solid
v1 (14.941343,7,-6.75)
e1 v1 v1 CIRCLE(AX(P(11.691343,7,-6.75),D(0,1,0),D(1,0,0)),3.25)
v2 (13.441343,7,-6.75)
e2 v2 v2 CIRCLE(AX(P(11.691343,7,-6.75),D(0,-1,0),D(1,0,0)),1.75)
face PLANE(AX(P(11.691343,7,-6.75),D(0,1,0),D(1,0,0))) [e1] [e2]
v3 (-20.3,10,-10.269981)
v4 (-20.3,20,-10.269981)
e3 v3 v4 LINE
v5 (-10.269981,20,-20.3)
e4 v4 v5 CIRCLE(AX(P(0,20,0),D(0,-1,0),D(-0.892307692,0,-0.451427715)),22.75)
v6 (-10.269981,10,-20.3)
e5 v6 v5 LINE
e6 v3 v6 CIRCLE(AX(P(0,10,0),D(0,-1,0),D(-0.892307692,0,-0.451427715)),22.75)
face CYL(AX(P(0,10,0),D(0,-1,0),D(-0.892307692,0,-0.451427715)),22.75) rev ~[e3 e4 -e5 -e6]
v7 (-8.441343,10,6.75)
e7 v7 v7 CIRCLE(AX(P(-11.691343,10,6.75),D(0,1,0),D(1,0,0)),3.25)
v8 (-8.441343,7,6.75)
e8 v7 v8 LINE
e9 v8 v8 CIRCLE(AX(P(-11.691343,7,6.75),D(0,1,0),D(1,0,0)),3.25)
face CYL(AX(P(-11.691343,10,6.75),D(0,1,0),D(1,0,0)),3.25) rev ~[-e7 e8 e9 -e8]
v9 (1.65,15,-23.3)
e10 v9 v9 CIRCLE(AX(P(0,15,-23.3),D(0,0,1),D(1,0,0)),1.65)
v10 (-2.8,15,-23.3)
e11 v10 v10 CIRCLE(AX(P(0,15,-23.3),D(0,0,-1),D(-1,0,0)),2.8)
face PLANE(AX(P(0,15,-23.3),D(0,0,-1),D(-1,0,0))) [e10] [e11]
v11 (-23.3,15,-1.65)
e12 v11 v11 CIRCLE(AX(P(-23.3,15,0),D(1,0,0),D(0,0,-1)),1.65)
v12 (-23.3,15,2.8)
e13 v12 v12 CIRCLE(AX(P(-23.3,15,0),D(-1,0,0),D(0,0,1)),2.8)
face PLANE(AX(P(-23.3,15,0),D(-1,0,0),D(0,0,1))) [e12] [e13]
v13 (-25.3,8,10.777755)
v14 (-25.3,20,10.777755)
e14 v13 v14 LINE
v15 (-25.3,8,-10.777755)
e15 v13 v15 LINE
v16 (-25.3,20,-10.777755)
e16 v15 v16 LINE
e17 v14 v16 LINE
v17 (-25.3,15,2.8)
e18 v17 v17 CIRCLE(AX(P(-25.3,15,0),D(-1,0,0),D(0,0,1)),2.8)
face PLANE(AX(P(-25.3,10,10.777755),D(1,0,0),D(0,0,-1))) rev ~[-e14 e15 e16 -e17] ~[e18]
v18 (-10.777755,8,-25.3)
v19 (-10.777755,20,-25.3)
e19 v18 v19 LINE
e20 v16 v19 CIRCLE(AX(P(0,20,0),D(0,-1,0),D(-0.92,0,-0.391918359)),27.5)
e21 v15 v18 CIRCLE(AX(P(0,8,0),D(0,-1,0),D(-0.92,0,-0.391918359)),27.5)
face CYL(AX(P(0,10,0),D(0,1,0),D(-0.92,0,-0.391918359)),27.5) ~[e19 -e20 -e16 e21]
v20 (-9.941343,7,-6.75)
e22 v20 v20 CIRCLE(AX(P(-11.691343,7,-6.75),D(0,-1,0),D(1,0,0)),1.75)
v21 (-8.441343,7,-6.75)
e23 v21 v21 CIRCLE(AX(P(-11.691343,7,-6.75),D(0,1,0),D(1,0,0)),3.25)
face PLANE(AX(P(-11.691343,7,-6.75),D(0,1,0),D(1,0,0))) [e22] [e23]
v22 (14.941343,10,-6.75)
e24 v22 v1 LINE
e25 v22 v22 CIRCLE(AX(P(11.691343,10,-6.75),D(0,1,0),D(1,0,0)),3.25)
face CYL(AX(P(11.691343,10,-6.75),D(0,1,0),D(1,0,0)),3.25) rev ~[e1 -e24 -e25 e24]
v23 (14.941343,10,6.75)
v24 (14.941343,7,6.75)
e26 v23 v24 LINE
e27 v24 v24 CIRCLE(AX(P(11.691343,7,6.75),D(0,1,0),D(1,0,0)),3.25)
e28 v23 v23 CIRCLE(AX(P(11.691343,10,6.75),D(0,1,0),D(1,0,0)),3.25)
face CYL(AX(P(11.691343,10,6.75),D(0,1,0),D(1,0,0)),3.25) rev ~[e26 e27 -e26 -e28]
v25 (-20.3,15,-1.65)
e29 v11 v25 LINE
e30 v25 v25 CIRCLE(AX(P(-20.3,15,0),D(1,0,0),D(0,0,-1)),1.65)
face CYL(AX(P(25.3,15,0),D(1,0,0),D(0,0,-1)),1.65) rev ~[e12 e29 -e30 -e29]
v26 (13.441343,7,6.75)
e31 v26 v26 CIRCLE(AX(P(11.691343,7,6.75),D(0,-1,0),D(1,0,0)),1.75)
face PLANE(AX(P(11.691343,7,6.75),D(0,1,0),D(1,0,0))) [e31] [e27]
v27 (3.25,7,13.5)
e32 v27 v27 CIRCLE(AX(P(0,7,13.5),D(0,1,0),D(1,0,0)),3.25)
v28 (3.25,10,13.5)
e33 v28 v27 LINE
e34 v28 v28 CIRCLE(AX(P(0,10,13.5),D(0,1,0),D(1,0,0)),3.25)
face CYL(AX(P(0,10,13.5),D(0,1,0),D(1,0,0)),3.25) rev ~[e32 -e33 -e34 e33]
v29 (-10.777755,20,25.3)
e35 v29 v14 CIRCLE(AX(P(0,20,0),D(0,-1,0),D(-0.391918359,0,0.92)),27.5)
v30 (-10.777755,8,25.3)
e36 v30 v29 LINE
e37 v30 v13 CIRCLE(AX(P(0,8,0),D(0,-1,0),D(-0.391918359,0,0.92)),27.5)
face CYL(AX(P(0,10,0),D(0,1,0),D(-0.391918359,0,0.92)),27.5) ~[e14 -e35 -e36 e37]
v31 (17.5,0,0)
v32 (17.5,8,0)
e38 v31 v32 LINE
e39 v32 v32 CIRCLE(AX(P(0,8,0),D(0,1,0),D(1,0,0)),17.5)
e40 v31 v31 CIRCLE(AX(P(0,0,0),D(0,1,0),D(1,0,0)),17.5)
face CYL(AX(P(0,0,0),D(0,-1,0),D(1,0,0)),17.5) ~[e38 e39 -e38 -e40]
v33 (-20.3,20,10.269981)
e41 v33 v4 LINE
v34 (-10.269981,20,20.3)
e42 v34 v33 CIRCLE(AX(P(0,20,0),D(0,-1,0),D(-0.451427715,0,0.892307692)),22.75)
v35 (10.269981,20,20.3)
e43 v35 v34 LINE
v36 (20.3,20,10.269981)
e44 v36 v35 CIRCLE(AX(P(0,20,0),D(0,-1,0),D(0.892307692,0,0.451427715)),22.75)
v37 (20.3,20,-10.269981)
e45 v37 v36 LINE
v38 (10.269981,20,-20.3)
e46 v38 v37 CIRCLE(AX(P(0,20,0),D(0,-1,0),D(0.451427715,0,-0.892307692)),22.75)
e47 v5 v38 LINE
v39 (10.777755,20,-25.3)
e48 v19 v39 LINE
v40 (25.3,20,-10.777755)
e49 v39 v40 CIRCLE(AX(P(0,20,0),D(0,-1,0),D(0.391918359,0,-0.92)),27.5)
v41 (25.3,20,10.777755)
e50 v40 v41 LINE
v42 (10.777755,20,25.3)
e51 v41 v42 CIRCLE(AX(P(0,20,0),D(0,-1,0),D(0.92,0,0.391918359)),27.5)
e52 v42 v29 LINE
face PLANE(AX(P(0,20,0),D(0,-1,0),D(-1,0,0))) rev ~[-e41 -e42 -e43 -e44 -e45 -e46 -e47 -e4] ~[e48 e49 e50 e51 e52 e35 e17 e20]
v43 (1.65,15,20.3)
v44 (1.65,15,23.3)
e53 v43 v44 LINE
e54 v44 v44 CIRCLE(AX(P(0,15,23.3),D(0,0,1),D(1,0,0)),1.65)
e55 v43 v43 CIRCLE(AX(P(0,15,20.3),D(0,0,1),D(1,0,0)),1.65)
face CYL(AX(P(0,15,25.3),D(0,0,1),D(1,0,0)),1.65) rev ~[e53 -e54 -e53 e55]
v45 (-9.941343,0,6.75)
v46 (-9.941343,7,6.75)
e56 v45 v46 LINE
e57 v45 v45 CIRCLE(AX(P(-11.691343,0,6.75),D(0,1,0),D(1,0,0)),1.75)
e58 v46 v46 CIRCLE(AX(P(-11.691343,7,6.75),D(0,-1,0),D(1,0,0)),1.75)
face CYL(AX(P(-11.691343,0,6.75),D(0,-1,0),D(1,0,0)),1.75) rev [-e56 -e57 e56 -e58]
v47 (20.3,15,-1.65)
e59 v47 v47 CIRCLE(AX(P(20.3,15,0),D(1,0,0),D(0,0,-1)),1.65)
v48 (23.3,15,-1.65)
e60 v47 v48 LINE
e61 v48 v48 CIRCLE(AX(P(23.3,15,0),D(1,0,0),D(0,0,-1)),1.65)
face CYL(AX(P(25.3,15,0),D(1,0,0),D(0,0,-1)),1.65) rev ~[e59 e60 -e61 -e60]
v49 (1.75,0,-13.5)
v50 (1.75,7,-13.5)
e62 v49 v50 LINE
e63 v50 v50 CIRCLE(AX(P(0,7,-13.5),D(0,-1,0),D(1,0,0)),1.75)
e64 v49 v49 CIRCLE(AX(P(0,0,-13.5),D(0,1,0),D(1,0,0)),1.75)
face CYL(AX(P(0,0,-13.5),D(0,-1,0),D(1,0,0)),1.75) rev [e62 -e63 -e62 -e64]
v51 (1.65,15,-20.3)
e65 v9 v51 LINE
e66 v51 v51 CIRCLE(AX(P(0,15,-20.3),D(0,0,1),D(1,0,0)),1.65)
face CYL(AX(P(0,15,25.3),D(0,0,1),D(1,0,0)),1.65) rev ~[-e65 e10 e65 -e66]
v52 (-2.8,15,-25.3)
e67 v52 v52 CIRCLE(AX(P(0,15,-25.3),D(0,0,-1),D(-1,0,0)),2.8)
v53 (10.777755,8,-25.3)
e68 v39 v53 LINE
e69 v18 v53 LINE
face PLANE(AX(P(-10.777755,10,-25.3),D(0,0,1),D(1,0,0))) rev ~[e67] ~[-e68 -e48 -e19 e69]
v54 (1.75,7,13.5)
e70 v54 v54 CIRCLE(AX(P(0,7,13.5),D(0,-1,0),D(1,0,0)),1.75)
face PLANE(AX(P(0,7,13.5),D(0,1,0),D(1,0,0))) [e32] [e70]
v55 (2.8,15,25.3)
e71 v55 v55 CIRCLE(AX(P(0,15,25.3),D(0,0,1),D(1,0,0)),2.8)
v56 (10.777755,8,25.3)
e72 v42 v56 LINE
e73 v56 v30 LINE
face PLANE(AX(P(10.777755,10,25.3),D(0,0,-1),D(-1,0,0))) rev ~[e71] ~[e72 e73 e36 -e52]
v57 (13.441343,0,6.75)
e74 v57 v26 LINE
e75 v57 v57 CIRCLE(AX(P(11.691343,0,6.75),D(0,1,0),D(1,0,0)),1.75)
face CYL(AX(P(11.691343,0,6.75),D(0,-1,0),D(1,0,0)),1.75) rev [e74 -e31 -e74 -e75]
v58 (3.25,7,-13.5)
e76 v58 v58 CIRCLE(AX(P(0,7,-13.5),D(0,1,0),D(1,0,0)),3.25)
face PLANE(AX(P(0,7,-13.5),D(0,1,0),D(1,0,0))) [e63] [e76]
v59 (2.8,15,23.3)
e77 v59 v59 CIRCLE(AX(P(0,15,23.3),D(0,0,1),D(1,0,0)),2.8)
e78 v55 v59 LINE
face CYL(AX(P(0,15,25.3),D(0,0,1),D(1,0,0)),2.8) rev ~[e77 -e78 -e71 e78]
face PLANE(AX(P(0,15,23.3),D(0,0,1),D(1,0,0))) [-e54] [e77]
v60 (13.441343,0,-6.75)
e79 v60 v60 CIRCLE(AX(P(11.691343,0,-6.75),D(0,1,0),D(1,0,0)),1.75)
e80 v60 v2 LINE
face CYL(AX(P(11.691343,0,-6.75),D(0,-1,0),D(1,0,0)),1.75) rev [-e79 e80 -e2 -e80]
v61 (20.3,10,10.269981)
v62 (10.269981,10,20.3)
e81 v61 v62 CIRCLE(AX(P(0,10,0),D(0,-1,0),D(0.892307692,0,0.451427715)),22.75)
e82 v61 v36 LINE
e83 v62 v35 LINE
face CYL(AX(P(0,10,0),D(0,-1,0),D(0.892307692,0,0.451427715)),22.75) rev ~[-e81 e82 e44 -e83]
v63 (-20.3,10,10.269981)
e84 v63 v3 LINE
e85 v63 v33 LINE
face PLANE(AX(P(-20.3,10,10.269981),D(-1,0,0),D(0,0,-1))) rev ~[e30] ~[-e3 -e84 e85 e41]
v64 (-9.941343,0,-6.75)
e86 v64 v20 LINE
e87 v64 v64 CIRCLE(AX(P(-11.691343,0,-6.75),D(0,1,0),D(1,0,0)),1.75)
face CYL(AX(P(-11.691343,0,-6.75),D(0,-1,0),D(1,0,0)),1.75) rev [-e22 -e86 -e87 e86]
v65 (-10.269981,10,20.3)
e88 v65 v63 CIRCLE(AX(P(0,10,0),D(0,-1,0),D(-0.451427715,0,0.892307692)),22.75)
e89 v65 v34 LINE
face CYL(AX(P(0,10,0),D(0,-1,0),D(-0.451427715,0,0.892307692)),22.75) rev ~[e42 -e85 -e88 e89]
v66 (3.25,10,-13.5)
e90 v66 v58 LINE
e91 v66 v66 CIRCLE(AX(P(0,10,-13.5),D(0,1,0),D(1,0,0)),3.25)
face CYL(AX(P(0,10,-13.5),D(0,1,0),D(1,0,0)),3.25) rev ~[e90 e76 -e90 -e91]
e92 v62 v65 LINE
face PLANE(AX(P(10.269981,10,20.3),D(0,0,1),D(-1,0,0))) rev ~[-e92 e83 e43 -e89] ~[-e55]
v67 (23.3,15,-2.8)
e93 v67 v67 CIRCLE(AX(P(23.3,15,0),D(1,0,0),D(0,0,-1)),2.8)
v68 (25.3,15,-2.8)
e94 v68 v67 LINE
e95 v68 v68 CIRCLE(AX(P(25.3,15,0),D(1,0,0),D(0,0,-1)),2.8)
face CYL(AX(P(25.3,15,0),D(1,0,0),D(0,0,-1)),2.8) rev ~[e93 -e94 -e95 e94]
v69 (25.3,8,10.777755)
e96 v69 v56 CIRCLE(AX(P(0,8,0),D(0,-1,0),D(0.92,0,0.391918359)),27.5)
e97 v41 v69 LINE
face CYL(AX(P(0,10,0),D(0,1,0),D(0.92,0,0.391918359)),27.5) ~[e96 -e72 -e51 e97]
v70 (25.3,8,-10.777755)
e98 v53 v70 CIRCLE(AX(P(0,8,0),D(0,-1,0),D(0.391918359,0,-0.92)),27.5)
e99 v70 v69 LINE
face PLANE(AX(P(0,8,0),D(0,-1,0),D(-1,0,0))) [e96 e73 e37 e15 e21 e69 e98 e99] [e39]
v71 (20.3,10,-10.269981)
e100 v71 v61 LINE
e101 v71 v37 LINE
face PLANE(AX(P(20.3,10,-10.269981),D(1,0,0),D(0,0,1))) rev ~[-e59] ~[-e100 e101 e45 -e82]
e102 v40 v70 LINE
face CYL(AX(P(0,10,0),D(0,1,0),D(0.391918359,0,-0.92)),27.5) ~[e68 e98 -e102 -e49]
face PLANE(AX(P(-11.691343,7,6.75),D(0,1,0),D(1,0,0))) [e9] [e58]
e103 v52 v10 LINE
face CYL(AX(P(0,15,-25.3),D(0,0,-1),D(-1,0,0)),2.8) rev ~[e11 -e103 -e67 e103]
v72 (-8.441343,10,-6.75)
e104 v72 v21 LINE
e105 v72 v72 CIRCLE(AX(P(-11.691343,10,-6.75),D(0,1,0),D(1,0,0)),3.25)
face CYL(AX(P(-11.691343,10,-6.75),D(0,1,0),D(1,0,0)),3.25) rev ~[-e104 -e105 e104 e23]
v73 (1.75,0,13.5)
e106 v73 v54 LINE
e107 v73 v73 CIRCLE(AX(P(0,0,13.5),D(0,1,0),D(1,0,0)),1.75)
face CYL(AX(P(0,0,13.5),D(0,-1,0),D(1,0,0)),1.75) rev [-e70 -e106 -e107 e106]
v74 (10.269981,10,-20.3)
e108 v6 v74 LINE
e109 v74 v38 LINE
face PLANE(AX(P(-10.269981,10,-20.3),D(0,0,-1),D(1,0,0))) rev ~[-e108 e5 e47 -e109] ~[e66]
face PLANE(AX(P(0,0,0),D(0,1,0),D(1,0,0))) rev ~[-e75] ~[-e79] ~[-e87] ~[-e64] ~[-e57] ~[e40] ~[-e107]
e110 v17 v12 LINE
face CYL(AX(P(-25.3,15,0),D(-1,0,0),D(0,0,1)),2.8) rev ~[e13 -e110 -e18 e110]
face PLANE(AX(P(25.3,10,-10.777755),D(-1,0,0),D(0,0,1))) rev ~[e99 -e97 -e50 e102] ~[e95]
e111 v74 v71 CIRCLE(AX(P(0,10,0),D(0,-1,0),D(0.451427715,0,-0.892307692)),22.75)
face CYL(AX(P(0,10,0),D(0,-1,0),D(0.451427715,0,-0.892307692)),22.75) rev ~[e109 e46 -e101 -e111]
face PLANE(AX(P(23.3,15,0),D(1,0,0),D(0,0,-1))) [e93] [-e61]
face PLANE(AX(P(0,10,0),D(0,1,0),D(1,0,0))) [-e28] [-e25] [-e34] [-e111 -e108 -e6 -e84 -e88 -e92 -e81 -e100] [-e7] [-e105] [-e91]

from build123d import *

# Parameters (mm, degrees)
SKETCH_1_R           = 17.5
SKETCH_1_R_2         = 1.75
EXTRUDE_1_DEPTH      = 10
SKETCH_2_R           = 25
SKETCH_2_R_2         = 17.5
EXTRUDE_2_DEPTH      = 2
SKETCH_3_R           = 3.25
CUT_EXTRUDE_1_DEPTH  = 3
EXTRUDE_3_DEPTH      = 10
EXTRUDE_3_DEPTH_BACK = 2
SKETCH_6_R           = 1.65
CUT_EXTRUDE_2_DEPTH  = 54.5
SKETCH_7_R           = 1.65
CUT_EXTRUDE_3_DEPTH  = 54.5
SKETCH_8_R           = 2.8
CUT_EXTRUDE_4_DEPTH  = 2
SKETCH_9_R           = 2.8
CUT_EXTRUDE_5_DEPTH  = 2
SKETCH_10_R          = 2.8
CUT_EXTRUDE_6_DEPTH  = 2
SKETCH_11_R          = 2.8
CUT_EXTRUDE_7_DEPTH  = 2


with BuildPart() as part:
    # 草图1 → 凸台-拉伸1 (new body)
    with BuildSketch(Plane(origin=(0, 0, 0), x_dir=(1, 0, 0), z_dir=(0, 1, 0))):
        Circle(SKETCH_1_R)
        with Locations((0, 13.5)):
            Circle(SKETCH_1_R_2, mode=Mode.SUBTRACT)
        with Locations((11.691342951, 6.75)):
            Circle(SKETCH_1_R_2, mode=Mode.SUBTRACT)
        with Locations((11.691342951, -6.75)):
            Circle(SKETCH_1_R_2, mode=Mode.SUBTRACT)
        with Locations((0, -13.5)):
            Circle(SKETCH_1_R_2, mode=Mode.SUBTRACT)
        with Locations((-11.691342951, -6.75)):
            Circle(SKETCH_1_R_2, mode=Mode.SUBTRACT)
        with Locations((-11.691342951, 6.75)):
            Circle(SKETCH_1_R_2, mode=Mode.SUBTRACT)
    extrude(amount=EXTRUDE_1_DEPTH)

    # 草图2 → 凸台-拉伸2 (add)
    with BuildSketch(Plane(origin=(0, 10, 0), x_dir=(1, 0, 0), z_dir=(0, 1, 0))):
        Circle(SKETCH_2_R)
        Circle(SKETCH_2_R_2, mode=Mode.SUBTRACT)
    extrude(amount=-EXTRUDE_2_DEPTH)

    # 草图3 → 切除-拉伸1 (cut)
    with BuildSketch(Plane(origin=(0, 10, 0), x_dir=(1, 0, 0), z_dir=(0, 1, 0))):
        with Locations((0, 13.5)):
            Circle(SKETCH_3_R)
        with Locations((11.691342951, 6.75)):
            Circle(SKETCH_3_R)
        with Locations((11.691342951, -6.75)):
            Circle(SKETCH_3_R)
        with Locations((0, -13.5)):
            Circle(SKETCH_3_R)
        with Locations((-11.691342951, -6.75)):
            Circle(SKETCH_3_R)
        with Locations((-11.691342951, 6.75)):
            Circle(SKETCH_3_R)
    extrude(amount=-CUT_EXTRUDE_1_DEPTH, mode=Mode.SUBTRACT)

    # 草图4 → 凸台-拉伸3 (add, two sides)
    with BuildSketch(Plane(origin=(0, 10, 0), x_dir=(1, 0, 0), z_dir=(0, 1, 0))) as extrude_3_sk:
        with BuildLine():
            Line((-10.777754868, 25.3), (10.777754868, 25.3))
            ThreePointArc((10.777754868, 25.3), (19.445436483, 19.445436483), (25.3, 10.777754868))
            Line((25.3, 10.777754868), (25.3, -10.777754868))
            ThreePointArc((25.3, -10.777754868), (19.445436483, -19.445436483), (10.777754868, -25.3))
            Line((10.777754868, -25.3), (-10.777754868, -25.3))
            ThreePointArc((-10.777754868, -25.3), (-19.445436483, -19.445436483), (-25.3, -10.777754868))
            Line((-25.3, -10.777754868), (-25.3, 10.777754868))
            ThreePointArc((-25.3, 10.777754868), (-19.445436483, 19.445436483), (-10.777754868, 25.3))
        make_face()
        with BuildLine():
            Line((-10.269980526, 20.3), (10.269980526, 20.3))
            ThreePointArc((10.269980526, 20.3), (16.086679272, 16.086679272), (20.3, 10.269980526))
            Line((20.3, 10.269980526), (20.3, -10.269980526))
            ThreePointArc((20.3, -10.269980526), (16.086679272, -16.086679272), (10.269980526, -20.3))
            Line((10.269980526, -20.3), (-10.269980526, -20.3))
            ThreePointArc((-10.269980526, -20.3), (-16.086679272, -16.086679272), (-20.3, -10.269980526))
            Line((-20.3, -10.269980526), (-20.3, 10.269980526))
            ThreePointArc((-20.3, 10.269980526), (-16.086679272, 16.086679272), (-10.269980526, 20.3))
        make_face(mode=Mode.SUBTRACT)
    extrude(amount=EXTRUDE_3_DEPTH)
    extrude(extrude_3_sk.sketch, amount=-EXTRUDE_3_DEPTH_BACK)

    # 草图6 → 切除-拉伸2 (cut, symmetric)
    with BuildSketch(Plane.XY.offset(25.3)):
        with Locations((0, 15)):
            Circle(SKETCH_6_R)
    extrude(amount=CUT_EXTRUDE_2_DEPTH, both=True, mode=Mode.SUBTRACT)

    # 草图7 → 切除-拉伸3 (cut, symmetric)
    with BuildSketch(Plane(origin=(25.3, 0, 0), x_dir=(0, 0, -1), z_dir=(1, 0, 0))):
        with Locations((0, 15)):
            Circle(SKETCH_7_R)
    extrude(amount=CUT_EXTRUDE_3_DEPTH, both=True, mode=Mode.SUBTRACT)

    # 草图8 → 切除-拉伸4 (cut)
    with BuildSketch(Plane(origin=(25.3, 0, 0), x_dir=(0, 0, -1), z_dir=(1, 0, 0))):
        with Locations((0, 15)):
            Circle(SKETCH_8_R)
    extrude(amount=-CUT_EXTRUDE_4_DEPTH, mode=Mode.SUBTRACT)

    # 草图9 → 切除-拉伸5 (cut)
    with BuildSketch(Plane(origin=(0, 0, -25.3), x_dir=(-1, 0, 0), z_dir=(0, 0, -1))):
        with Locations((0, 15)):
            Circle(SKETCH_9_R)
    extrude(amount=-CUT_EXTRUDE_5_DEPTH, mode=Mode.SUBTRACT)

    # 草图10 → 切除-拉伸6 (cut)
    with BuildSketch(Plane.ZY.offset(25.3)):
        with Locations((0, 15)):
            Circle(SKETCH_10_R)
    extrude(amount=-CUT_EXTRUDE_6_DEPTH, mode=Mode.SUBTRACT)

    # 草图11 → 切除-拉伸7 (cut)
    with BuildSketch(Plane.XY.offset(25.3)):
        with Locations((0, 15)):
            Circle(SKETCH_11_R)
    extrude(amount=-CUT_EXTRUDE_7_DEPTH, mode=Mode.SUBTRACT)


solid = part.part
